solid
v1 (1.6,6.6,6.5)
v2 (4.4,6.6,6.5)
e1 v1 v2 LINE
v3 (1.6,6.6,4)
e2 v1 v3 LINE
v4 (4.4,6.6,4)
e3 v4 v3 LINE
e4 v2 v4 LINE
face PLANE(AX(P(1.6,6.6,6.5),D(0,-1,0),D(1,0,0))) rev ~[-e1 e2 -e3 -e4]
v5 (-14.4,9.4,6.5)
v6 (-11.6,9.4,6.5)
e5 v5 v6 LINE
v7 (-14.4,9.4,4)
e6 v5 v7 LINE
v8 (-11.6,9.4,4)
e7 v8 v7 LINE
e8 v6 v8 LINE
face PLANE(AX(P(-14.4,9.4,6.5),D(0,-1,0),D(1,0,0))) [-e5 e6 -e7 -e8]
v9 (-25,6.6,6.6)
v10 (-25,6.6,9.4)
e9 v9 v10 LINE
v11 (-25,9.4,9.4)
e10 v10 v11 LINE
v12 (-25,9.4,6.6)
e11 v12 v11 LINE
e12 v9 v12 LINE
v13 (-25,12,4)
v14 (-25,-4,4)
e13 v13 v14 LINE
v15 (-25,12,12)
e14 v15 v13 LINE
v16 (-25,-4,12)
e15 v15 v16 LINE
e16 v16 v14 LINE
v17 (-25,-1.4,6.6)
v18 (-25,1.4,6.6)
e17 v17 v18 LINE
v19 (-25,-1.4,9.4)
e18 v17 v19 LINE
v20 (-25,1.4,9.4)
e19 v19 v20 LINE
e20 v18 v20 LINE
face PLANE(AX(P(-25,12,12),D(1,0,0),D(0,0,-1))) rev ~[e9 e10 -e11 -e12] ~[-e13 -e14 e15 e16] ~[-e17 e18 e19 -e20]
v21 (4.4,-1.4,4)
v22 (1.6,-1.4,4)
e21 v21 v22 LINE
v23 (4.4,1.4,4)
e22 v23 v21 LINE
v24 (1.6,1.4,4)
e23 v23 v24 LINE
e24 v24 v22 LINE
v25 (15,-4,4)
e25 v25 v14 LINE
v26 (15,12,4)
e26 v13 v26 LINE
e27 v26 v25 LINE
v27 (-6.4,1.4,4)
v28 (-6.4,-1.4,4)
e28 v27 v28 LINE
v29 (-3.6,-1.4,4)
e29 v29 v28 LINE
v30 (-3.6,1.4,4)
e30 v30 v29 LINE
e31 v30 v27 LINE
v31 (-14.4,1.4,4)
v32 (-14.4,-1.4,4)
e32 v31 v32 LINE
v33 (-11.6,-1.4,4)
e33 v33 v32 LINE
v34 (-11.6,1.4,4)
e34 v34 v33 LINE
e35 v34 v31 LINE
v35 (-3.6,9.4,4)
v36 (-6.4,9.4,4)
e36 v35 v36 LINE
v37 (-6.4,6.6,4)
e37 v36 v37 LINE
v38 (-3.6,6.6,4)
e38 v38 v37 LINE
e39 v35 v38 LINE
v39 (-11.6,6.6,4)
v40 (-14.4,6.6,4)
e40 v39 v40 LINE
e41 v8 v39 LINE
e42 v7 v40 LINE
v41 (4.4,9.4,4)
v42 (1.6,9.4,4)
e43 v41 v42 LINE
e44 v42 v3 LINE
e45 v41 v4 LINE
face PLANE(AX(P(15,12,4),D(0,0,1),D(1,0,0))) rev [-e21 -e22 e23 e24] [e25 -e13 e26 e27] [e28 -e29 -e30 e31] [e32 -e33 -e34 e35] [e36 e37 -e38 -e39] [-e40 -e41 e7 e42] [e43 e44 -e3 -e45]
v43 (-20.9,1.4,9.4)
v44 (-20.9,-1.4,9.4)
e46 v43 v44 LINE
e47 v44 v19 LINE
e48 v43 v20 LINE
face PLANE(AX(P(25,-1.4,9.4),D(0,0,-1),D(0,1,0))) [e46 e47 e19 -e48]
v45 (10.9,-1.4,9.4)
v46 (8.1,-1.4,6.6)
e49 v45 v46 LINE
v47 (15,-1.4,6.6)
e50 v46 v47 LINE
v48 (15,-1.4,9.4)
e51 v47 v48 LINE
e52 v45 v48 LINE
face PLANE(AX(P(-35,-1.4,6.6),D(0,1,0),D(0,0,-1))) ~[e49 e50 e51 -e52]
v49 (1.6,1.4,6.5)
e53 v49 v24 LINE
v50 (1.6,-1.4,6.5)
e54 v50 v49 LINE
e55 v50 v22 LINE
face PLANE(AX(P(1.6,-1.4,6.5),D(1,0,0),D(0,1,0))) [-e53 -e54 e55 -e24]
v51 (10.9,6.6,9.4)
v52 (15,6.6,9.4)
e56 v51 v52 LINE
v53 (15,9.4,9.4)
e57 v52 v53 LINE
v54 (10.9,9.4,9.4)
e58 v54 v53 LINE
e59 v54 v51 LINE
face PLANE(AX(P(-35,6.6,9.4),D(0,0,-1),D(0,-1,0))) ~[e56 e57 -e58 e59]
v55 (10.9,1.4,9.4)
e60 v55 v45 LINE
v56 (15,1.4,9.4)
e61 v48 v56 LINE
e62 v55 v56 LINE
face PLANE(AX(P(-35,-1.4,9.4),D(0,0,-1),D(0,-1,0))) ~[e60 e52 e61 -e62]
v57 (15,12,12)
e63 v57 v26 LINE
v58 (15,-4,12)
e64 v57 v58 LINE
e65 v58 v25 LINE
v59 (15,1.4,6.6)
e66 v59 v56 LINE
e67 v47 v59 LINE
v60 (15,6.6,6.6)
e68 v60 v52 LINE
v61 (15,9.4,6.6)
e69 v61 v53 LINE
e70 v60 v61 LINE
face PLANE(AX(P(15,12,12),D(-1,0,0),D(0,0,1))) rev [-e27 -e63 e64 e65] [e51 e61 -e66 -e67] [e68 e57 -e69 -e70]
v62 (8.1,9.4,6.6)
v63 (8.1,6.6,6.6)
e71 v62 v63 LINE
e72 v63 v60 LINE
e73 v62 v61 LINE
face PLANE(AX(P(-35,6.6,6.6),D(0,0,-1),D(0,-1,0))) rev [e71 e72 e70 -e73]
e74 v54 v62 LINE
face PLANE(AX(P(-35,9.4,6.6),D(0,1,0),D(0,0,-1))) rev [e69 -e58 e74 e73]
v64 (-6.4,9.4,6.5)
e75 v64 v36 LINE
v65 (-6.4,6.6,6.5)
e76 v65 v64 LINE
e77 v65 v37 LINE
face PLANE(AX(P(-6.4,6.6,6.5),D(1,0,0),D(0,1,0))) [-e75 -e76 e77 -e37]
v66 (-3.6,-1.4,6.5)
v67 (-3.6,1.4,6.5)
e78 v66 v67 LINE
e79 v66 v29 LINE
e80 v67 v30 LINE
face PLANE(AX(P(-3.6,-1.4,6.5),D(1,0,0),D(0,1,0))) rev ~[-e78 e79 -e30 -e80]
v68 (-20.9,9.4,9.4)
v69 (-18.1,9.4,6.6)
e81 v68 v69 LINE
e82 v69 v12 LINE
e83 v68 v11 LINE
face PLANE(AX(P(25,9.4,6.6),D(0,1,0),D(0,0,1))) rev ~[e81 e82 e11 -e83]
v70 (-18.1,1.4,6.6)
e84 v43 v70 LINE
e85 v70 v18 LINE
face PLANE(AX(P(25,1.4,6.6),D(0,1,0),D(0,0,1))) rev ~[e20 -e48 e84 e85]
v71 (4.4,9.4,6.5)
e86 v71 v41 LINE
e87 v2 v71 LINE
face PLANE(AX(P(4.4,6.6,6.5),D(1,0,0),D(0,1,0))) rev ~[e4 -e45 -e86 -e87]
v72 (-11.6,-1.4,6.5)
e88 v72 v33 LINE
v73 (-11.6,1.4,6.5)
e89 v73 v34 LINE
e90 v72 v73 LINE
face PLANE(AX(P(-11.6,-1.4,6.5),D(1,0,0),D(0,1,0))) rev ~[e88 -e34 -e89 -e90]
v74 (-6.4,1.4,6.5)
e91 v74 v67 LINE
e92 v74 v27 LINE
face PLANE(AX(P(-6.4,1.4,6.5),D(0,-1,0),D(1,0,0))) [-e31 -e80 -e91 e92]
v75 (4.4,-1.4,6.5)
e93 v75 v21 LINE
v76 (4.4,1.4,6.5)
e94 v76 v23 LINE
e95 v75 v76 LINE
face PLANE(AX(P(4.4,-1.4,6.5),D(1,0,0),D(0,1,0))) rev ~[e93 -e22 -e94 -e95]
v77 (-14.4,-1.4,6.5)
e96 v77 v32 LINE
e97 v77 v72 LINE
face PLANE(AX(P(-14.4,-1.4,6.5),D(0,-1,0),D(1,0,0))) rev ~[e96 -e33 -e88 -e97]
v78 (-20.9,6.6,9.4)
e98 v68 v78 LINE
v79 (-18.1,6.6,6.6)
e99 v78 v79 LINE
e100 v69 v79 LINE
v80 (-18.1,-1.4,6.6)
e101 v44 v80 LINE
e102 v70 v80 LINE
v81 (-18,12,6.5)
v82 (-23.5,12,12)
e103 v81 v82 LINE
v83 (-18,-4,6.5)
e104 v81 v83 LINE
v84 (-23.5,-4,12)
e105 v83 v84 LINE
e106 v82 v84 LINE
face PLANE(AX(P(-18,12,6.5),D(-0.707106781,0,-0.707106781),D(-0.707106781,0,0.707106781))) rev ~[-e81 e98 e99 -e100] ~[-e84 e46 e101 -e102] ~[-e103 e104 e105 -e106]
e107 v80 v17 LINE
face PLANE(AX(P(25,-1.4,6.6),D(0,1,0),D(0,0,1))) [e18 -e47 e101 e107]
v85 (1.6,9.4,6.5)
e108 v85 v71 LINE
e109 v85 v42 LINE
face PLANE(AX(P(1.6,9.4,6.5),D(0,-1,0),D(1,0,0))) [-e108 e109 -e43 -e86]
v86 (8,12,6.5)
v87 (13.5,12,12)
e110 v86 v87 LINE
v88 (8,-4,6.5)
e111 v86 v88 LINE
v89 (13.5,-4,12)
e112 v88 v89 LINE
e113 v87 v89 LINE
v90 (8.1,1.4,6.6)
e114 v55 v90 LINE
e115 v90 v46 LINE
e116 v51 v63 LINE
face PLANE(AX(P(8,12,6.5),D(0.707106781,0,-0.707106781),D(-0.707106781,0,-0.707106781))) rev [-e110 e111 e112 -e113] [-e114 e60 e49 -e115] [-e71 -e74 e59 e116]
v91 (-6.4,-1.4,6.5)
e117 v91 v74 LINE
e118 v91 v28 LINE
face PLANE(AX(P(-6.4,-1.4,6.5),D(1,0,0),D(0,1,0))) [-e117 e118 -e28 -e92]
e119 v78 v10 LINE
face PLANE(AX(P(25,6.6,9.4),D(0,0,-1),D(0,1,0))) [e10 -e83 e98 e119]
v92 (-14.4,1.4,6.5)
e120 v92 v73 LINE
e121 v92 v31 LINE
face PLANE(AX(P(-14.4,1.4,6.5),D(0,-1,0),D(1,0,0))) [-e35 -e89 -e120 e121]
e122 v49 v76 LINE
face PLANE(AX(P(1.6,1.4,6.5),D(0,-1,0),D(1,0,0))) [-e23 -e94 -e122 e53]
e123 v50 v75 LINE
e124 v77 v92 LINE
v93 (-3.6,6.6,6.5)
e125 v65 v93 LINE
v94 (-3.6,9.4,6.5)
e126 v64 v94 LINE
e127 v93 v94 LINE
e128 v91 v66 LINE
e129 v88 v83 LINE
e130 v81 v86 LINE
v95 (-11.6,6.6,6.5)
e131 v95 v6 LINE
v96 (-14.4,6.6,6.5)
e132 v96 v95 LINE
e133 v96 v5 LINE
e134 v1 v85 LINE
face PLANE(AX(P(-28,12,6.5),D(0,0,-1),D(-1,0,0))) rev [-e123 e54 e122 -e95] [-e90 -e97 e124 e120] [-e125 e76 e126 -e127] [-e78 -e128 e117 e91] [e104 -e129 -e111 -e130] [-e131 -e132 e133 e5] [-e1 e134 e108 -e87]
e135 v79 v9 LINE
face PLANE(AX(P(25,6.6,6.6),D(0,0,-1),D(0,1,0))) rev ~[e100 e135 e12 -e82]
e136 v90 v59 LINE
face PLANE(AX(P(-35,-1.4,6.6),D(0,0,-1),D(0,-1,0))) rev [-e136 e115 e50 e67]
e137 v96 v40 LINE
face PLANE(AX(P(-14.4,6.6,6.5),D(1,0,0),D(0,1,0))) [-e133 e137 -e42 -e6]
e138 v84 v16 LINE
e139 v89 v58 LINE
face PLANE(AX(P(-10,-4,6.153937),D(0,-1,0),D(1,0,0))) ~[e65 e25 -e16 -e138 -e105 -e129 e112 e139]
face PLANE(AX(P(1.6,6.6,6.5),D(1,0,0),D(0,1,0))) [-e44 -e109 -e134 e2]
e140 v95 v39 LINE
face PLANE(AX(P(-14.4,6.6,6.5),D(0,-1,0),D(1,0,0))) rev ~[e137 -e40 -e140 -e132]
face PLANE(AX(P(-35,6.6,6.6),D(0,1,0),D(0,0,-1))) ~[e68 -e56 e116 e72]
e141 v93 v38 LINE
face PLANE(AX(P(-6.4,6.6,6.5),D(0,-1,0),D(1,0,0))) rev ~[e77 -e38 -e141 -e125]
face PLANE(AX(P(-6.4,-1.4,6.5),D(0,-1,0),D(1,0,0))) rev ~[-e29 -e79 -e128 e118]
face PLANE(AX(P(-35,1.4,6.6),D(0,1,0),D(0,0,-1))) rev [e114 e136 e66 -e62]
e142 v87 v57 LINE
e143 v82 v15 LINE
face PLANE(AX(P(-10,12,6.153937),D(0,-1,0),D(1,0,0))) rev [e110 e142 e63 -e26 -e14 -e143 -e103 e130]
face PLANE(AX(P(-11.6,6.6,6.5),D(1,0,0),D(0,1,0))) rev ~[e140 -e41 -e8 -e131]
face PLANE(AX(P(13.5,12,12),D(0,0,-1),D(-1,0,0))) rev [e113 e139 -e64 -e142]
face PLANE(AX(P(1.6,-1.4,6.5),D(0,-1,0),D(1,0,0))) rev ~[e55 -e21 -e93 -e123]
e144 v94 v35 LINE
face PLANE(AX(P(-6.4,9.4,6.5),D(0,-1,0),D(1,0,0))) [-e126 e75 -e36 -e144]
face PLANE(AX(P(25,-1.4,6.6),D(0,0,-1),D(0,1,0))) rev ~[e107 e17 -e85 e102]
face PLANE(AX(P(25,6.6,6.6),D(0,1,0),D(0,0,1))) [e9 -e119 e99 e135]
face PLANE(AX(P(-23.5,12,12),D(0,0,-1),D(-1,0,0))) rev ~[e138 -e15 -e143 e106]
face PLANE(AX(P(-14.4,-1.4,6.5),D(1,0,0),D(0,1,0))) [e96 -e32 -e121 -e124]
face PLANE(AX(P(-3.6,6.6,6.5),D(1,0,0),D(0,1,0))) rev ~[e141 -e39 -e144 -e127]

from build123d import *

# Parameters (mm, degrees)
RESSALTO_EXTRUS_O1_DEPTH  = 16
ESBO_O2_W                 = 2.8
ESBO_O2_H                 = 2.8
CORTE_EXTRUS_O1_DEPTH     = 54.103672189
ESBO_O4_W                 = 2.8
ESBO_O4_H                 = 2.8
CORTE_EXTRUS_O2_DEPTH     = 31.186917696
CORPO_MOVER_COPIAR1_ANGLE = 90
ESBO_O6_W                 = 30
ESBO_O6_H                 = 16
CORTE_EXTRUS_O3_DEPTH     = 29.861739379
ESBO_O7_W                 = 25.221413321
ESBO_O7_H                 = 12.57615678
RESSALTO_EXTRUS_O2_DEPTH  = 2.5
ESBO_O8_W                 = 2.8
ESBO_O8_H                 = 2.8
CORTE_EXTRUS_O4_DEPTH     = 29.271009886


with BuildPart() as part:
    # Esboço1 → Ressalto-extrusão1 (new body)
    with BuildSketch(Plane.XY):
        Polygon((-25, 0), (25, 0), (25, 8), (23.5, 8), (18, 2.5), (-18, 2.5), (-23.5, 8), (-25, 8), align=None)
    extrude(amount=RESSALTO_EXTRUS_O1_DEPTH)

    # Esboço2 → Corte-extrusão1 (cut, through all)
    with BuildSketch(Plane(origin=(25, 0, 0), x_dir=(0, 0, -1), z_dir=(1, 0, 0))):
        with Locations((-4, 4)):
            Rectangle(ESBO_O2_W, ESBO_O2_H)
        with Locations((-12, 4)):
            Rectangle(ESBO_O2_W, ESBO_O2_H)
    extrude(amount=-CORTE_EXTRUS_O1_DEPTH, mode=Mode.SUBTRACT)

    # Esboço4 → Corte-extrusão2 (cut, through all)
    with BuildSketch(Plane(origin=(0, 2.5, 0), x_dir=(1, 0, 0), z_dir=(0, 1, 0))):
        with Locations((-16, -4)):
            Rectangle(ESBO_O4_W, ESBO_O4_H)
        with Locations((-8, -4)):
            Rectangle(ESBO_O4_W, ESBO_O4_H)
        with Locations((0, -4)):
            Rectangle(ESBO_O4_W, ESBO_O4_H)
        with Locations((8, -4)):
            Rectangle(ESBO_O4_W, ESBO_O4_H)
        with Locations((16, -4)):
            Rectangle(ESBO_O4_W, ESBO_O4_H)
        with Locations((-8, -12)):
            Rectangle(ESBO_O4_W, ESBO_O4_H)
        with Locations((0, -12)):
            Rectangle(ESBO_O4_W, ESBO_O4_H)
        with Locations((8, -12)):
            Rectangle(ESBO_O4_W, ESBO_O4_H)
        with Locations((16, -12)):
            Rectangle(ESBO_O4_W, ESBO_O4_H)
        with Locations((-16, -12)):
            Rectangle(ESBO_O4_W, ESBO_O4_H)
    extrude(amount=-CORTE_EXTRUS_O2_DEPTH, mode=Mode.SUBTRACT)


with BuildPart() as part_1:
    # Corpo-Mover/Copiar1: moved
    add(part.part.rotate(Axis((0, 4, 8), (1, 0, 0)), CORPO_MOVER_COPIAR1_ANGLE))

    # Esboço6 → Corte-extrusão3 (cut, through all)
    with BuildSketch(Plane(origin=(0, 0, 4), x_dir=(-1, 0, 0), z_dir=(0, 0, -1))):
        with Locations((-10, 4)):
            Rectangle(ESBO_O6_W, ESBO_O6_H)
    extrude(amount=-CORTE_EXTRUS_O3_DEPTH, mode=Mode.SUBTRACT)

    # Espelhar3: part across plane


with BuildPart() as part_2:
    add(part_1.part)
    add(part_1.part.mirror(Plane(origin=(-5, -4, 12), x_dir=(0, 0, 1), z_dir=(-1, 0, 0))))

    # Esboço7 → Ressalto-extrusão2 (add, through all)
    with BuildSketch(Plane.XY.offset(6.5)):
        with Locations((-4.971284079, 3.626460754)):
            Rectangle(ESBO_O7_W, ESBO_O7_H)
    extrude(amount=-RESSALTO_EXTRUS_O2_DEPTH)

    # Esboço8 → Corte-extrusão4 (cut, through all)
    with BuildSketch(Plane.XY.offset(6.5)):
        with Locations((-5, 8)):
            Rectangle(ESBO_O8_W, ESBO_O8_H)
        with Locations((-13, 8)):
            Rectangle(ESBO_O8_W, ESBO_O8_H)
        with Locations((3, 8)):
            Rectangle(ESBO_O8_W, ESBO_O8_H)
        with Locations((-5, 0)):
            Rectangle(ESBO_O8_W, ESBO_O8_H)
        with Locations((3, 0)):
            Rectangle(ESBO_O8_W, ESBO_O8_H)
        with Locations((-13, 0)):
            Rectangle(ESBO_O8_W, ESBO_O8_H)
    extrude(amount=-CORTE_EXTRUS_O4_DEPTH, mode=Mode.SUBTRACT)


solid = part_2.part
